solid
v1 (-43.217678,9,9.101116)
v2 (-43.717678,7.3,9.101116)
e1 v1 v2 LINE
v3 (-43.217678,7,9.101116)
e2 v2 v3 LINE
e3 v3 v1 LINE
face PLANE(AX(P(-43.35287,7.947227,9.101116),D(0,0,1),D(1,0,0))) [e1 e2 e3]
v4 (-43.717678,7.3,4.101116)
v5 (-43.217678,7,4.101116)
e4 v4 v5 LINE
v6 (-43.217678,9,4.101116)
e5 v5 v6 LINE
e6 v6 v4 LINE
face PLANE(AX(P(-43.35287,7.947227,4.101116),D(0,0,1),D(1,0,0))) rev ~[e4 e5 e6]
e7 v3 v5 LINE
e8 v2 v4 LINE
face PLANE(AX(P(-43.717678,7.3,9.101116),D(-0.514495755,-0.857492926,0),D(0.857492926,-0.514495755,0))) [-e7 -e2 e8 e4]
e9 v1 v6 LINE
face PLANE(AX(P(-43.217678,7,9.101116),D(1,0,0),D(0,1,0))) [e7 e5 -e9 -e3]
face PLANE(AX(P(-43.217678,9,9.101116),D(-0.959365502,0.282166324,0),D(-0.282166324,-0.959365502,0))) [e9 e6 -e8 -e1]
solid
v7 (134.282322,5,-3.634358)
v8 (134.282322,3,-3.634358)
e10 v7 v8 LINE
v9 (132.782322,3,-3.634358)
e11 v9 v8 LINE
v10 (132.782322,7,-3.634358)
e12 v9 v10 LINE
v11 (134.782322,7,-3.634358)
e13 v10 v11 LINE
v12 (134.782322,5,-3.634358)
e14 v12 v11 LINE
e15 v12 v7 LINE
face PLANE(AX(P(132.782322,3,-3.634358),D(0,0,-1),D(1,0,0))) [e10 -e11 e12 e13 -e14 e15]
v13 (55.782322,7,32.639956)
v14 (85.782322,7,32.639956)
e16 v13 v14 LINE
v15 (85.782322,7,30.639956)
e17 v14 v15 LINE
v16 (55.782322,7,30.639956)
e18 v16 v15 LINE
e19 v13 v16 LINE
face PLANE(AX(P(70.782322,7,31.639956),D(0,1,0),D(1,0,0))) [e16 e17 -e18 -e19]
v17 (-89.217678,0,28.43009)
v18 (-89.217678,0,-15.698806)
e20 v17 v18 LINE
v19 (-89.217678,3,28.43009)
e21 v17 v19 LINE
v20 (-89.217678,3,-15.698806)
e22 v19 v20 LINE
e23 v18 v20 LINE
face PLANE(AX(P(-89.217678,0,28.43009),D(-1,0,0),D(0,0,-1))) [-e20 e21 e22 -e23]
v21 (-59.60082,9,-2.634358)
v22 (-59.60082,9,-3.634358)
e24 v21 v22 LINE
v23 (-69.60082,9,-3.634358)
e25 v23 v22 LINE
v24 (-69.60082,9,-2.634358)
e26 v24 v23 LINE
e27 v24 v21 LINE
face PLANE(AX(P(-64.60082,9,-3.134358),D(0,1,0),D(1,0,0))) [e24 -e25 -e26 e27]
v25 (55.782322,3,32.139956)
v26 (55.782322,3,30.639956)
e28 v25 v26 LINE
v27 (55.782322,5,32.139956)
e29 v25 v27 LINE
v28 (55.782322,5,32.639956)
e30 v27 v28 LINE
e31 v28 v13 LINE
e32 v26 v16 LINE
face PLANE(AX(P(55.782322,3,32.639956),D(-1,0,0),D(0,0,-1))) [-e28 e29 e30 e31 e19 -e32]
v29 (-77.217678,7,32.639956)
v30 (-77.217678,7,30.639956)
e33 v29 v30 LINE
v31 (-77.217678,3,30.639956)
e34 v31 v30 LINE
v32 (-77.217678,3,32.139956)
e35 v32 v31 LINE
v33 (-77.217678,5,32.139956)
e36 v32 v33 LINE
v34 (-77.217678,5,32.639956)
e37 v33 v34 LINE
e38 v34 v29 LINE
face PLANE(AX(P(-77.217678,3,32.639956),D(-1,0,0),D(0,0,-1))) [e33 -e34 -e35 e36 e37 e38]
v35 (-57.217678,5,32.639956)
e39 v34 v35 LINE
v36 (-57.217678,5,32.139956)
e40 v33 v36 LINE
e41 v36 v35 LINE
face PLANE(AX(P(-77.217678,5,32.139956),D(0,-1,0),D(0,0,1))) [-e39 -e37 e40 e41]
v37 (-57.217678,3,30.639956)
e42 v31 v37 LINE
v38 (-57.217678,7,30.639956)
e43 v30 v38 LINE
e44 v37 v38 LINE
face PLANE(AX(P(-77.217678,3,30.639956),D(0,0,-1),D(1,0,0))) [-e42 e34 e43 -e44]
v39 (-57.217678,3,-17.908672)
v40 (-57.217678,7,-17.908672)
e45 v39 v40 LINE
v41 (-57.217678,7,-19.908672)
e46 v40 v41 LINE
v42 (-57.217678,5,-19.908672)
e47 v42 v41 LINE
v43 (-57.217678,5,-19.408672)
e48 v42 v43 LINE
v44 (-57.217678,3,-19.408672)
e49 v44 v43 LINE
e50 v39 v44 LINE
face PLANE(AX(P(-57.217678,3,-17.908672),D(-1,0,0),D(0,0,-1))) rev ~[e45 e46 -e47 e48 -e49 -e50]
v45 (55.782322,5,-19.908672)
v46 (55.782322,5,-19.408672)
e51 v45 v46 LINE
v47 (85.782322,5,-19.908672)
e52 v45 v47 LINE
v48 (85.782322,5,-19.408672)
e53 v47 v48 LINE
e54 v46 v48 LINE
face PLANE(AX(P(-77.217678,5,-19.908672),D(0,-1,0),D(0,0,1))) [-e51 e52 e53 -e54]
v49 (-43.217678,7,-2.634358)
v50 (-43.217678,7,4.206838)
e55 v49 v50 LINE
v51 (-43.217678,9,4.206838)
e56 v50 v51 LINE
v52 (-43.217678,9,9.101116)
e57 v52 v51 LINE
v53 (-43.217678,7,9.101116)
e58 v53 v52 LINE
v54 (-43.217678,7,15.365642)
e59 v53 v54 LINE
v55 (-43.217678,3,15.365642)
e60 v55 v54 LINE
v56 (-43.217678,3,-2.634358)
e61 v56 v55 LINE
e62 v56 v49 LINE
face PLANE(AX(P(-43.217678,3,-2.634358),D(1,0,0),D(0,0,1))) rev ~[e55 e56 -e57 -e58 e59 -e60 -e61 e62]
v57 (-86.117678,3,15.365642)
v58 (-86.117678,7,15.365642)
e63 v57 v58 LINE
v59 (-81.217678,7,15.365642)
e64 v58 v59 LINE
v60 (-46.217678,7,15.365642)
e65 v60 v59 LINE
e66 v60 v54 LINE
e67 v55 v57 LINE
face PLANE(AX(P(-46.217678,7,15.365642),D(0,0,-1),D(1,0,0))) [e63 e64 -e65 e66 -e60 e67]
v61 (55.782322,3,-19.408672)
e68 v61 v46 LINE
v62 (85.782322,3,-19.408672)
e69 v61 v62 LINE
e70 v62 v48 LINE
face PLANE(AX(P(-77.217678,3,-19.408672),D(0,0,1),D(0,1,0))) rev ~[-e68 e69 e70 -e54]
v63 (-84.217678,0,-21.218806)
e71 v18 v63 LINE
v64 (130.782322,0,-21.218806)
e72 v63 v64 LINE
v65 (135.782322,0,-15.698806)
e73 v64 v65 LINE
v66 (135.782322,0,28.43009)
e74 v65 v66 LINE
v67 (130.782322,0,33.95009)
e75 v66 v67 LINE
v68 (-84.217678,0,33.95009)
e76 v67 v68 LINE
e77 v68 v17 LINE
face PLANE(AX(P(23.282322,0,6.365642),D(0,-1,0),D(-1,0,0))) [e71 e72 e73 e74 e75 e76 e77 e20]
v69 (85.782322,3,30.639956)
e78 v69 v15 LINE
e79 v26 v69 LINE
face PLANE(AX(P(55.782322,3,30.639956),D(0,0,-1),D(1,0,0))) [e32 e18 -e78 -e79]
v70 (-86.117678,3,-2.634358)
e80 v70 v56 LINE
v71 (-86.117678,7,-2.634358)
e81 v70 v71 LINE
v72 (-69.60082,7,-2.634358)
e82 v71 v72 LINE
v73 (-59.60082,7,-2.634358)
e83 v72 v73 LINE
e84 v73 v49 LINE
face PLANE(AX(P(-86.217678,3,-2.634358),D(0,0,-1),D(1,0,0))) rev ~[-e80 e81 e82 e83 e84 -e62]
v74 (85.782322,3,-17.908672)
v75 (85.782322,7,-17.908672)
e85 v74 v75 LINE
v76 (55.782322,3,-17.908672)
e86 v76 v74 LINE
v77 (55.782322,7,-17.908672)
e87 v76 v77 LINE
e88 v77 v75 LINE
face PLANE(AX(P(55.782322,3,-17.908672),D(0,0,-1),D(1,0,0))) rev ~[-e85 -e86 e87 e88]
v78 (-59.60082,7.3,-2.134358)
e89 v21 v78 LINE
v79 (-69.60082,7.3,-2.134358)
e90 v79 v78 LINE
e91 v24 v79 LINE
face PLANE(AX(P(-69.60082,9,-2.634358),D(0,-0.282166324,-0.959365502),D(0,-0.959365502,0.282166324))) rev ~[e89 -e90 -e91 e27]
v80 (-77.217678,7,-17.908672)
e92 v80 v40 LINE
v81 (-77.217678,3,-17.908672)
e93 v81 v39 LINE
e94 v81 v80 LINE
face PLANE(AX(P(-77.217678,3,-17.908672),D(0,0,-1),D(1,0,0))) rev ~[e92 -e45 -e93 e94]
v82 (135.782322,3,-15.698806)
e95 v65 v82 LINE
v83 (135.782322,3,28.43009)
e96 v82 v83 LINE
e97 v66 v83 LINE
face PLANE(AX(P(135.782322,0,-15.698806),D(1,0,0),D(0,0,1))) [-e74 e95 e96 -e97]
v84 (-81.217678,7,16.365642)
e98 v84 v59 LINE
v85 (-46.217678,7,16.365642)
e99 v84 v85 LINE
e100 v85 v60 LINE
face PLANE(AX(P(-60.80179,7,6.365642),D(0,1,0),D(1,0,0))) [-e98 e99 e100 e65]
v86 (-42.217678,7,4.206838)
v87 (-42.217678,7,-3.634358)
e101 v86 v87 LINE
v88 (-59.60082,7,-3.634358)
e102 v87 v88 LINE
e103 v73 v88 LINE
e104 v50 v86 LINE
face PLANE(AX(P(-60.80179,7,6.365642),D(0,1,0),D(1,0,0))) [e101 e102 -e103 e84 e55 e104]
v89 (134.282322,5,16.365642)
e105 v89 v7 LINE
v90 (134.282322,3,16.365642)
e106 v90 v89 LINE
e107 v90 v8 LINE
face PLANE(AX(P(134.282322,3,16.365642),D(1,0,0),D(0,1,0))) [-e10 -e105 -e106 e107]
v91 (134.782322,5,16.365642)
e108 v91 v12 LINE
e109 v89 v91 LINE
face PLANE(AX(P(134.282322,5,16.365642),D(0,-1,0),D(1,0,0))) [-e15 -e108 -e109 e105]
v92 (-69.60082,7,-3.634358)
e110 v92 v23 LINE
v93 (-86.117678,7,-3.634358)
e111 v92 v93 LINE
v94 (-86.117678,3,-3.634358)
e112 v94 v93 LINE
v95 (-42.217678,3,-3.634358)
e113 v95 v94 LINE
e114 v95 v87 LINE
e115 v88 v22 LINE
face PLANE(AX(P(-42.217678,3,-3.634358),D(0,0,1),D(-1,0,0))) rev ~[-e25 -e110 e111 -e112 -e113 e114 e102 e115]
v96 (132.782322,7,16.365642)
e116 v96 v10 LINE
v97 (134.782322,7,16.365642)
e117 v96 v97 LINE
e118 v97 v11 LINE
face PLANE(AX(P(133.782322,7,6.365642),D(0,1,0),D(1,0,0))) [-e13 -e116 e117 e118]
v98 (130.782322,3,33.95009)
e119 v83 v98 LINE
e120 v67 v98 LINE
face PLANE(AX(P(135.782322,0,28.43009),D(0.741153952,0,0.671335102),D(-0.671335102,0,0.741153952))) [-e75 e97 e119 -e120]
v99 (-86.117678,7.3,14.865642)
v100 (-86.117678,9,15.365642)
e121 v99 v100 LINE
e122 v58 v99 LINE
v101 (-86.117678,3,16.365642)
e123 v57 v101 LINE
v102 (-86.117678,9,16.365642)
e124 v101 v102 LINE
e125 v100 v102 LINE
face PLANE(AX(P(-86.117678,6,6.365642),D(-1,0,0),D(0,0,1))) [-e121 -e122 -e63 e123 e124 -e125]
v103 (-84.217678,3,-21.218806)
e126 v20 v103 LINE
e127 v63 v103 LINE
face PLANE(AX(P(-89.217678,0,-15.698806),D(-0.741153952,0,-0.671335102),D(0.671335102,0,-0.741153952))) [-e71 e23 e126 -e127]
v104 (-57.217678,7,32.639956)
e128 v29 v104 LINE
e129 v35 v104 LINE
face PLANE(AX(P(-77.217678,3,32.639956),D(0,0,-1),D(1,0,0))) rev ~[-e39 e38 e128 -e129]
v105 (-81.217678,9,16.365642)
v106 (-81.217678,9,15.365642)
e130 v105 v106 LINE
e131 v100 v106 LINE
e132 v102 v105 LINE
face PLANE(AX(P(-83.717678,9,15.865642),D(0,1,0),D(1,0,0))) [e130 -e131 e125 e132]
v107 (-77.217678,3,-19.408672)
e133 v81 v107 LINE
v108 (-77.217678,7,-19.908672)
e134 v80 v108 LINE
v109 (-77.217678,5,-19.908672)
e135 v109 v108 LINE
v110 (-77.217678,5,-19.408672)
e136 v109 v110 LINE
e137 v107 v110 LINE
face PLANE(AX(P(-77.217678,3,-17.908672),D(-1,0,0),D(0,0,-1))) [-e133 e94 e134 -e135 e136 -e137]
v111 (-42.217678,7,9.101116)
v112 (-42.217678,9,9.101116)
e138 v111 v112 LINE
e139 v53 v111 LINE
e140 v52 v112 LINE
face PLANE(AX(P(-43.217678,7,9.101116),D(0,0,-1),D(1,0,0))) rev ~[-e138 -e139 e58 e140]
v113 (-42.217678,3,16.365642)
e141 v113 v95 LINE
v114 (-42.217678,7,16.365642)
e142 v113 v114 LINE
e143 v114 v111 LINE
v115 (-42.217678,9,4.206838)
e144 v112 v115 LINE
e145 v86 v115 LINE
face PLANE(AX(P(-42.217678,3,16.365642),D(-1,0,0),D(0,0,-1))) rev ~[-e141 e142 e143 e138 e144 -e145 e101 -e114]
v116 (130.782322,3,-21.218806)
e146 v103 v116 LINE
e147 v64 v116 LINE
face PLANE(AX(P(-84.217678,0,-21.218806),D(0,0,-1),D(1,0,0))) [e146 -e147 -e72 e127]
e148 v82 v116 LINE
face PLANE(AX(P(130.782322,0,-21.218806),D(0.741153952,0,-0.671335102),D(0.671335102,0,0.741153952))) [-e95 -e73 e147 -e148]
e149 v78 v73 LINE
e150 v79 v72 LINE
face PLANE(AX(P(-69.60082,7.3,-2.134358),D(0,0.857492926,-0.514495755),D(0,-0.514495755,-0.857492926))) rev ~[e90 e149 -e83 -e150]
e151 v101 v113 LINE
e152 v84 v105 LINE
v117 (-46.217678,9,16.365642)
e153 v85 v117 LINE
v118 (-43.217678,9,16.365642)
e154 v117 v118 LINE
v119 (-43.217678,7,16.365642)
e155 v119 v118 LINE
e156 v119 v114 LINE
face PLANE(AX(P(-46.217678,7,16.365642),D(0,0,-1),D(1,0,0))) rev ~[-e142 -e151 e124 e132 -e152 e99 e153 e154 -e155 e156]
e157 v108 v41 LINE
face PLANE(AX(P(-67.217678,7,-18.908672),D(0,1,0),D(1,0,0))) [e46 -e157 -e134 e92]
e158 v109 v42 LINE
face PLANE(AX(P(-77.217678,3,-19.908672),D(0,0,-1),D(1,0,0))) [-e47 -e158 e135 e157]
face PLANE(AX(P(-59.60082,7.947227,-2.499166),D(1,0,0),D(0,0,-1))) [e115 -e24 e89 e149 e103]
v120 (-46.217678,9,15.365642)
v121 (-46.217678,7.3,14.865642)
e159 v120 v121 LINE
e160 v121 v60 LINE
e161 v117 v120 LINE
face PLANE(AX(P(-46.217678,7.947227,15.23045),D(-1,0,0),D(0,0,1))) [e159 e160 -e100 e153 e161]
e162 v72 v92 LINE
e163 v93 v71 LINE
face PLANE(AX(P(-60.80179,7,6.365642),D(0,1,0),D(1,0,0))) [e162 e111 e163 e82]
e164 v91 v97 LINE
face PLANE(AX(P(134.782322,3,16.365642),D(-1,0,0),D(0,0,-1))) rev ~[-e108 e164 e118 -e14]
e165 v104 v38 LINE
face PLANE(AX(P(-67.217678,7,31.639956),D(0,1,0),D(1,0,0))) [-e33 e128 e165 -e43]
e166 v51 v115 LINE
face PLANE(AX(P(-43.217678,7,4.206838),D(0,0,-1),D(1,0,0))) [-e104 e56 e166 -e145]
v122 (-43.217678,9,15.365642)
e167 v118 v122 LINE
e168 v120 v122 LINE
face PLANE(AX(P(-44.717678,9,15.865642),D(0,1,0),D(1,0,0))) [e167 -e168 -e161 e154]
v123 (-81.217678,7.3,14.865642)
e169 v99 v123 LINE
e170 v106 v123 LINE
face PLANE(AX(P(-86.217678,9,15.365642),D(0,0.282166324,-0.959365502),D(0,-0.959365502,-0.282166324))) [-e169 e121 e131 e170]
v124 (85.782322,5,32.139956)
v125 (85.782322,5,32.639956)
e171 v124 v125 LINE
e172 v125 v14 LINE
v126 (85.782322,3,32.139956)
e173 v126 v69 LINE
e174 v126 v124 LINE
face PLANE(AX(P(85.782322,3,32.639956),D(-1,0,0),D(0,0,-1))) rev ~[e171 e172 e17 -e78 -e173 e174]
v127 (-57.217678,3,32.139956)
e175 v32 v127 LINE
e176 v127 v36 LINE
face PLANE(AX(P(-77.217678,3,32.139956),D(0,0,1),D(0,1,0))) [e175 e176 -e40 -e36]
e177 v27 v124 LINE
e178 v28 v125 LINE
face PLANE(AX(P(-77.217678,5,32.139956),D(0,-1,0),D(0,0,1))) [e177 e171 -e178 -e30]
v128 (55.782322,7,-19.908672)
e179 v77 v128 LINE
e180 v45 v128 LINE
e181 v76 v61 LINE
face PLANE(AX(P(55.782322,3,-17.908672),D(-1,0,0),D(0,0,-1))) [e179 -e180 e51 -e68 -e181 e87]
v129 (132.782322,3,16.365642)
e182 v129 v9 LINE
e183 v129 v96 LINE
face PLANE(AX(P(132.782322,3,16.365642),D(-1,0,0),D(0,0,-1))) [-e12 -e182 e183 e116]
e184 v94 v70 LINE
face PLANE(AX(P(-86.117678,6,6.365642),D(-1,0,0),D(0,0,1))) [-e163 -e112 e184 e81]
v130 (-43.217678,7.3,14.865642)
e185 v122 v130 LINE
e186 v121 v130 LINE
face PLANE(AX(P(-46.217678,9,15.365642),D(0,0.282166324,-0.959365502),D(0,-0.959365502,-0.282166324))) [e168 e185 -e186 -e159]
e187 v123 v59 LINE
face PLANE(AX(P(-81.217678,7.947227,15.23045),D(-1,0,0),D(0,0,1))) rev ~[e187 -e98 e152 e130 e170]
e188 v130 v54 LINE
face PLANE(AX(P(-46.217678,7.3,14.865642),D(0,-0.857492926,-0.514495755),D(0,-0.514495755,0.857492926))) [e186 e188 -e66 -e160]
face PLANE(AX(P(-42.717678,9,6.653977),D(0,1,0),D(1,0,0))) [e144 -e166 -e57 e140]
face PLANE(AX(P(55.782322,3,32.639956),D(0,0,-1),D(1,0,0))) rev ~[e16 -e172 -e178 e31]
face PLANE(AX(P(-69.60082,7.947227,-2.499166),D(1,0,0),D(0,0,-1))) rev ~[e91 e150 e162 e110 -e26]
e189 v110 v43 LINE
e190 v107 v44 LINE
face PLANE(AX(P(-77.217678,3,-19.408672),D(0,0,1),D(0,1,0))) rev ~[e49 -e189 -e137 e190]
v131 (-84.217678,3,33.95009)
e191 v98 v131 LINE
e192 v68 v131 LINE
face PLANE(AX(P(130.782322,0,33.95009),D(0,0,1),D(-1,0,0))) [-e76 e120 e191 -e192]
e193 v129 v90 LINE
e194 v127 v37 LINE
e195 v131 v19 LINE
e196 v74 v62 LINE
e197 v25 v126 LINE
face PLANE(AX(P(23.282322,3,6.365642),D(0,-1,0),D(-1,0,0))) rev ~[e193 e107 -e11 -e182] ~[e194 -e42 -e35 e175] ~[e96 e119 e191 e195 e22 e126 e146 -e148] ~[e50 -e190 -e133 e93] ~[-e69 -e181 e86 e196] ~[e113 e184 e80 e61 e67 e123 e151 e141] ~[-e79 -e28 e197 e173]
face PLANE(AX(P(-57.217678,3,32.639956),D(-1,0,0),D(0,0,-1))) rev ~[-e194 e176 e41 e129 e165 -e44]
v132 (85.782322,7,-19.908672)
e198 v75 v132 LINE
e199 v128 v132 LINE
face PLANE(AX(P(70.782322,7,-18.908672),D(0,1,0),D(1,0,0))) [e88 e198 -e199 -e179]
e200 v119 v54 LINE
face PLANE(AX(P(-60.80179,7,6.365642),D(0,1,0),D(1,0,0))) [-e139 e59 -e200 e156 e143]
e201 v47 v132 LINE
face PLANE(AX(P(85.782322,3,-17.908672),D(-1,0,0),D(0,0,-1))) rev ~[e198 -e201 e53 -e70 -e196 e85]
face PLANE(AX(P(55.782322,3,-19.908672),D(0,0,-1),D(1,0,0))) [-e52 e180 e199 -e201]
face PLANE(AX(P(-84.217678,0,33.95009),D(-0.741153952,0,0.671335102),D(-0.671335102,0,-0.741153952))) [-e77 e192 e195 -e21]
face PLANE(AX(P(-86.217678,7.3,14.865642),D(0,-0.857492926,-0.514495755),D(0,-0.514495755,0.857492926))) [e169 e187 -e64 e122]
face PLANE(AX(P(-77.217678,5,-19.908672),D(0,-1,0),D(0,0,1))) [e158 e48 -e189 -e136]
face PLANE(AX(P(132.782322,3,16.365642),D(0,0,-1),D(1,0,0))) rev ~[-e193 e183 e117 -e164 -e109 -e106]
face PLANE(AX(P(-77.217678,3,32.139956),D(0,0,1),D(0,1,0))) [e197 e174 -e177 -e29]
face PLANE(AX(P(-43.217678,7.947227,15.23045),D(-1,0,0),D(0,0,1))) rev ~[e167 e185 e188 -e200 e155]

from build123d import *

# Parameters (mm, degrees)
SALIENTE_EXTRUIR1_DEPTH  = 3
CROQUIS2_W               = 2
CROQUIS2_H               = 20
CROQUIS2_W_2             = 20
CROQUIS2_H_2             = 2
CROQUIS2_W_3             = 30
SALIENTE_EXTRUIR2_DEPTH  = 4
CROQUIS3_W               = 10
CROQUIS3_H               = 1
CROQUIS3_W_2             = 1
CROQUIS3_H_2             = 4.894277734
CROQUIS3_W_3             = 3
CROQUIS3_W_4             = 5
SALIENTE_EXTRUIR3_DEPTH  = 2
SALIENTE_EXTRUIR4_DEPTH  = 10
SALIENTE_EXTRUIR8_DEPTH  = 5
SALIENTE_EXTRUIR9_DEPTH  = 5
SALIENTE_EXTRUIR10_DEPTH = 3
CROQUIS8_W               = 20
CROQUIS8_H               = 6
CORTAR_EXTRUIR1_DEPTH    = 0.1
CROQUIS10_W              = 0.5
CROQUIS10_H              = 2
CORTAR_EXTRUIR2_DEPTH    = 199.1
CROQUIS11_W              = 0.5
CROQUIS11_H              = 2
CORTAR_EXTRUIR3_DEPTH    = 199.1
CROQUIS12_W              = 0.5
CROQUIS12_H              = 2
CORTAR_EXTRUIR4_DEPTH    = 199.1


with BuildPart() as part:
    # Croquis1 → Saliente-Extruir1 (new body)
    with BuildSketch(Plane(origin=(0, 0, 0), x_dir=(1, 0, 0), z_dir=(0, 1, 0))):
        Polygon((-84.217677887, 21.218806135), (130.782322113, 21.218806135), (135.782322113, 15.698806135), (135.782322113, -28.430089815), (130.782322113, -33.950089815), (-84.217677887, -33.950089815), (-89.217677887, -28.430089815), (-89.217677887, 15.698806135), align=None)
        Polygon((-86.217677887, 14.328120868), (-86.217677887, -27.059404549), (-82.974424711, -30.639956055), (129.539068937, -30.639956055), (132.782322113, -27.059404549), (132.782322113, 14.328120868), (129.539068937, 17.908672375), (-82.974424711, 17.908672375), align=None, mode=Mode.SUBTRACT)
        Polygon((-86.217677887, 14.328120868), (-82.974424711, 17.908672375), (129.539068937, 17.908672375), (132.782322113, 14.328120868), (132.782322113, -27.059404549), (129.539068937, -30.639956055), (-82.974424711, -30.639956055), (-86.217677887, -27.059404549), align=None)
    extrude(amount=SALIENTE_EXTRUIR1_DEPTH)

    # Croquis2 → Saliente-Extruir2 (add)
    with BuildSketch(Plane(origin=(0, 3, 0), x_dir=(1, 0, 0), z_dir=(0, 1, 0))):
        Polygon((-86.217677887, 3.63435816), (-86.217677887, 2.63435816), (-43.217677887, 2.63435816), (-43.217677887, -15.36564184), (-86.217677887, -15.36564184), (-86.217677887, -16.36564184), (-42.217677887, -16.36564184), (-42.217677887, 3.63435816), align=None)
        with Locations((133.782322113, -6.36564184)):
            Rectangle(CROQUIS2_W, CROQUIS2_H)
        with Locations((-67.217677887, 18.908672375)):
            Rectangle(CROQUIS2_W_2, CROQUIS2_H_2)
        with Locations((-67.217677887, -31.639956055)):
            Rectangle(CROQUIS2_W_2, CROQUIS2_H_2)
        with Locations((70.782322113, 18.908672375)):
            Rectangle(CROQUIS2_W_3, CROQUIS2_H_2)
        with Locations((70.782322113, -31.639956055)):
            Rectangle(CROQUIS2_W_3, CROQUIS2_H_2)
    extrude(amount=SALIENTE_EXTRUIR2_DEPTH)

    # Croquis3 → Saliente-Extruir3 (add)
    with BuildSketch(Plane(origin=(0, 7, 0), x_dir=(1, 0, 0), z_dir=(0, 1, 0))):
        with Locations((-64.600820338, 3.13435816)):
            Rectangle(CROQUIS3_W, CROQUIS3_H)
        with Locations((-42.717677887, -6.653976659)):
            Rectangle(CROQUIS3_W_2, CROQUIS3_H_2)
        with Locations((-44.717677887, -15.86564184)):
            Rectangle(CROQUIS3_W_3, CROQUIS3_H)
        with Locations((-83.717677887, -15.86564184)):
            Rectangle(CROQUIS3_W_4, CROQUIS3_H)
    extrude(amount=SALIENTE_EXTRUIR3_DEPTH)

    # Croquis4 → Saliente-Extruir4 (add)
    with BuildSketch(Plane.ZY.offset(69.600820338)):
        Polygon((-2.63435816, 9), (-2.13435816, 7.3), (-2.63435816, 7), align=None)
    extrude(amount=-SALIENTE_EXTRUIR4_DEPTH)

    # Croquis6 → Saliente-Extruir9 (add)
    with BuildSketch(Plane.ZY.offset(86.217677887)):
        Polygon((15.36564184, 9), (14.86564184, 7.3), (15.36564184, 7), align=None)
    extrude(amount=-SALIENTE_EXTRUIR9_DEPTH)

    # Croquis7 → Saliente-Extruir10 (add)
    with BuildSketch(Plane.ZY.offset(46.217677887)):
        Polygon((15.36564184, 9), (14.86564184, 7.3), (15.36564184, 7), align=None)
    extrude(amount=-SALIENTE_EXTRUIR10_DEPTH)

    # Croquis8 → Cortar-Extruir1 (cut)
    with BuildSketch(Plane.ZY.offset(86.217677887)):
        with Locations((6.36564184, 6)):
            Rectangle(CROQUIS8_W, CROQUIS8_H)
    extrude(amount=-CORTAR_EXTRUIR1_DEPTH, mode=Mode.SUBTRACT)

    # Croquis10 → Cortar-Extruir2 (cut)
    with BuildSketch(Plane.ZY.offset(77.217677887)):
        with Locations((-19.658672375, 4)):
            Rectangle(CROQUIS10_W, CROQUIS10_H)
    extrude(amount=-CORTAR_EXTRUIR2_DEPTH, mode=Mode.SUBTRACT)

    # Croquis11 → Cortar-Extruir3 (cut)
    with BuildSketch(Plane.ZY.offset(77.217677887)):
        with Locations((32.389956055, 4)):
            Rectangle(CROQUIS11_W, CROQUIS11_H)
    extrude(amount=-CORTAR_EXTRUIR3_DEPTH, mode=Mode.SUBTRACT)

    # Croquis12 → Cortar-Extruir4 (cut)
    with BuildSketch(Plane.XY.offset(16.36564184)):
        with Locations((134.532322113, 4)):
            Rectangle(CROQUIS12_W, CROQUIS12_H)
    extrude(amount=-CORTAR_EXTRUIR4_DEPTH, mode=Mode.SUBTRACT)


with BuildPart() as body_2:
    # Croquis5 → Saliente-Extruir8 (new body)
    with BuildSketch(Plane.XY.offset(9.101115526)):
        Polygon((-43.217677887, 9), (-43.717677887, 7.3), (-43.217677887, 7), align=None)
    extrude(amount=-SALIENTE_EXTRUIR8_DEPTH)


solid = Compound([part.part, body_2.part])
